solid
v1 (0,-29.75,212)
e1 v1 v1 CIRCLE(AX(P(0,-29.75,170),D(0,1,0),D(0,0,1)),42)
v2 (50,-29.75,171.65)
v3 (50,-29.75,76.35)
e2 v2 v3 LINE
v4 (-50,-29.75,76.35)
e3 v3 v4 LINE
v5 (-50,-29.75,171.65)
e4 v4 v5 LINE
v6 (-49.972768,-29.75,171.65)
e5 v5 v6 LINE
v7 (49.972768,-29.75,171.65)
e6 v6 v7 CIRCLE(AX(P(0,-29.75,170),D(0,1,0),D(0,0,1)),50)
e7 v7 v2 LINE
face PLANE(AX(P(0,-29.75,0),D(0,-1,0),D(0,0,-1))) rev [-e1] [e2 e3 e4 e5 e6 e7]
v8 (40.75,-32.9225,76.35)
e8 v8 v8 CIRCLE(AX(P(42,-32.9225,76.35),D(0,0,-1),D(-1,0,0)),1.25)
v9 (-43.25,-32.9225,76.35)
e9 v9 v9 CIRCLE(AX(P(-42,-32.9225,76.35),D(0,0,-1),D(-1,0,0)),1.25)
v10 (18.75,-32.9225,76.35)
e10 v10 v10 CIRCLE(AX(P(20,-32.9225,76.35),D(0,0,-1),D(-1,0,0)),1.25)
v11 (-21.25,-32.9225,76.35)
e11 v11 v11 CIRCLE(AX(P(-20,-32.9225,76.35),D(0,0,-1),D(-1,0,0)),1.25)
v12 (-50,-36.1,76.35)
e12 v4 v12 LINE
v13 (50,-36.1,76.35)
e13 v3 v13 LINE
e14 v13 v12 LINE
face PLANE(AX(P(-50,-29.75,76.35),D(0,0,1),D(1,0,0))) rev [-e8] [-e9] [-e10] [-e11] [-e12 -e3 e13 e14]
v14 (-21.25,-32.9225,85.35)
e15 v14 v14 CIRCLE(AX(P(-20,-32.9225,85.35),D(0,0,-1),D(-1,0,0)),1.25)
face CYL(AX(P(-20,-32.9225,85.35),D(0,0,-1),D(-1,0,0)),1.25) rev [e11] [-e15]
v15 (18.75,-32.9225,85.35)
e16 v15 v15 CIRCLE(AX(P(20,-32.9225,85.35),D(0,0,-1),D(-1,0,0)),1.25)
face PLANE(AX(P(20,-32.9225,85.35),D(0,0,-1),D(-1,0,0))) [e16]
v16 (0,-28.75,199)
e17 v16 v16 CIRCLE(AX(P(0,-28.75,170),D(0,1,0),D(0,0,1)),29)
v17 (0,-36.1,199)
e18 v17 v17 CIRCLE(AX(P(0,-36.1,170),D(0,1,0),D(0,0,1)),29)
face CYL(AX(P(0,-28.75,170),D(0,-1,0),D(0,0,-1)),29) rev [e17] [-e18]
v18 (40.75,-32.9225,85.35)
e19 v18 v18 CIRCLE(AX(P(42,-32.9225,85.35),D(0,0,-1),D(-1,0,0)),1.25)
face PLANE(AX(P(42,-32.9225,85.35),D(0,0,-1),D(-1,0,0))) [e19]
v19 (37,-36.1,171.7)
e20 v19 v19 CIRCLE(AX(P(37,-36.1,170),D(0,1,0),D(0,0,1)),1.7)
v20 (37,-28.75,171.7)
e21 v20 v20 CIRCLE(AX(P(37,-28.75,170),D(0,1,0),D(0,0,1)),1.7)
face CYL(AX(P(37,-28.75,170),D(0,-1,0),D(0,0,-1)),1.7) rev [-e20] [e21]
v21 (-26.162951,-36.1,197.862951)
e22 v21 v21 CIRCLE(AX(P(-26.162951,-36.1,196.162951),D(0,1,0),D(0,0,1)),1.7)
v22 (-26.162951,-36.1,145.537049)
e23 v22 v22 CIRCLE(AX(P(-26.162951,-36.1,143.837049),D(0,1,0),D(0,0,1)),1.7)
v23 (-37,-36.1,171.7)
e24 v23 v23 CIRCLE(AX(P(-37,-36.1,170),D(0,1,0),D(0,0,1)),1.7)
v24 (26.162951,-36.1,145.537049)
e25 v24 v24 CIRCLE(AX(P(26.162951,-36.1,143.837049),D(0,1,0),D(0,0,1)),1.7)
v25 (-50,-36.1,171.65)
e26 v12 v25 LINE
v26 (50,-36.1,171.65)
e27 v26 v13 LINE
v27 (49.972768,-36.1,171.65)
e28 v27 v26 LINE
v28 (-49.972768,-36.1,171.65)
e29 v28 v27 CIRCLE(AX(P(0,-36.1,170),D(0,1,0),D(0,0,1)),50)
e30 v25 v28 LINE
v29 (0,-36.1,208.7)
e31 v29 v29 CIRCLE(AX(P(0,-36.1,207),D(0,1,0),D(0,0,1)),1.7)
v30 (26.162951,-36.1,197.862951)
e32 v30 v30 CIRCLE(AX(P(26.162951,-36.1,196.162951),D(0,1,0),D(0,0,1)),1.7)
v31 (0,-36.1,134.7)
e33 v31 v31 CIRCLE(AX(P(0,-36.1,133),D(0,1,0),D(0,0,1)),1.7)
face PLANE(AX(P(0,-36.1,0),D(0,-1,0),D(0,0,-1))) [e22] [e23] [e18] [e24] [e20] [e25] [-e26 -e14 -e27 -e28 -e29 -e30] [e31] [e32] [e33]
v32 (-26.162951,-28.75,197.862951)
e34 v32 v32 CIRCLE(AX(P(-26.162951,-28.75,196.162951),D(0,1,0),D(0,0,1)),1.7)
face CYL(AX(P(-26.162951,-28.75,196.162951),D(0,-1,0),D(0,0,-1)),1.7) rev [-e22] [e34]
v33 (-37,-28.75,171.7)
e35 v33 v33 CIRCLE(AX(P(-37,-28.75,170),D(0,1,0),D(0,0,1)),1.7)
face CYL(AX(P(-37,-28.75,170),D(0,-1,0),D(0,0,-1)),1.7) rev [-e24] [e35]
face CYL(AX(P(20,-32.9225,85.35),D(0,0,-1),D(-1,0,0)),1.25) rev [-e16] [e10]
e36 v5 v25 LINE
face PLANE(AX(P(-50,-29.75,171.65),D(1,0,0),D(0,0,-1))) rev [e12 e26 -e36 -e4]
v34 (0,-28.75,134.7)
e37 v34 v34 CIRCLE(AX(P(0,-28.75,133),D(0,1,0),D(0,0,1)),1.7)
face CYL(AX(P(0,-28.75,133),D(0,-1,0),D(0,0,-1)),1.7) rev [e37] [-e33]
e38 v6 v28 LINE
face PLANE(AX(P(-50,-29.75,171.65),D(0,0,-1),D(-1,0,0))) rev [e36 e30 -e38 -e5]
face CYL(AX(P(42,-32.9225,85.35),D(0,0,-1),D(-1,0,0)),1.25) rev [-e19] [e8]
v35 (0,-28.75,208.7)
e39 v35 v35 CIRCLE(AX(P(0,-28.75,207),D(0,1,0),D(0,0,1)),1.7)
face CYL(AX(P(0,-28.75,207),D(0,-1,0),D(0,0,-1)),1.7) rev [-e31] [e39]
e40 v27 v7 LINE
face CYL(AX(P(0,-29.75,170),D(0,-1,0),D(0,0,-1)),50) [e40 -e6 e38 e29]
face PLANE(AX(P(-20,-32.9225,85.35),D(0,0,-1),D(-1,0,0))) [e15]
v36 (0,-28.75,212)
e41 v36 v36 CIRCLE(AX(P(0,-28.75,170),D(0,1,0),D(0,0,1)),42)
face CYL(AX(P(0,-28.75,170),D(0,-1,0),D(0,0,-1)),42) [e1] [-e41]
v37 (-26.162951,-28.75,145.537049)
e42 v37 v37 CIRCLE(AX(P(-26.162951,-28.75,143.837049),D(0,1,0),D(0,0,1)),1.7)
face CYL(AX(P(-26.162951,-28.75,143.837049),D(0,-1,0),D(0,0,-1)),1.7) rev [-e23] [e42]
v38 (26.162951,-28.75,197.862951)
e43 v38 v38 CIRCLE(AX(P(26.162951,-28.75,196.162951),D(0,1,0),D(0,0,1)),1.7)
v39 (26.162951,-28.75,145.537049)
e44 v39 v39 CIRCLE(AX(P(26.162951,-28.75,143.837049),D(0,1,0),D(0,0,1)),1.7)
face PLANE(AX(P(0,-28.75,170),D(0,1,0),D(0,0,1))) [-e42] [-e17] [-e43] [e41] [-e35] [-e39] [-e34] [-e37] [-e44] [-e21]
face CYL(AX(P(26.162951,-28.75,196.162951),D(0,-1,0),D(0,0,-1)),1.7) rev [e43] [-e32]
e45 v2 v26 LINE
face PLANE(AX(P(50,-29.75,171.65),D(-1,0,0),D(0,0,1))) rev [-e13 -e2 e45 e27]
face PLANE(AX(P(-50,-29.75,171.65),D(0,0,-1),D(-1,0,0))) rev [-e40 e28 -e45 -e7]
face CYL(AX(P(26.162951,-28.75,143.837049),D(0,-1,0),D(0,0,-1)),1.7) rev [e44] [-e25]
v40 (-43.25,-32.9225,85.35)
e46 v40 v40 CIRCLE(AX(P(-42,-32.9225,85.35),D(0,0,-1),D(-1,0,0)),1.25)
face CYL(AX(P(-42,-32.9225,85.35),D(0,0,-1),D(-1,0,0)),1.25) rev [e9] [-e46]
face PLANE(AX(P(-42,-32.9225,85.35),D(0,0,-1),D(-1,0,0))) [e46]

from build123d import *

# Parameters (mm, degrees)
PARED_START                  = -36.1
SK_PARED_W                   = 100
SK_PARED_H                   = 95.3
PARED_DEPTH                  = 6.35
CABEZA_START                 = -36.1
SK_CABEZA_R                  = 50
CABEZA_DEPTH                 = 6.35
ASIENTO_1MM_START            = -29.75
SK_ASIENTO_1MM_R             = 42
SK_ASIENTO_1MM_R_2           = 29
ASIENTO_1MM_DEPTH            = 1
PASO_BOSS_J2_START           = -36.1
SK_PASO_BOSS_J2_R            = 29
PASO_BOSS_J2_DEPTH           = 7.35
PASANTES_M3_ESTATOR_J2_START = -36.1
SK_PASANTES_M3_ESTATOR_J2_R  = 1.7
PASANTES_M3_ESTATOR_J2_DEPTH = 7.35
SK_ROSCA_M3_DESDE_ABAJO_R    = 1.25
ROSCA_M3_DESDE_ABAJO_DEPTH   = 9


with BuildPart() as part:
    # Sk_Pared → Pared (new body)
    with BuildSketch(Plane(origin=(0, 0, 0), x_dir=(1, 0, 0), z_dir=(0, 1, 0)).offset(PARED_START)):
        with Locations((0, -124)):
            Rectangle(SK_PARED_W, SK_PARED_H)
    extrude(amount=PARED_DEPTH)

    # Sk_Cabeza → Cabeza (add)
    with BuildSketch(Plane(origin=(0, 0, 0), x_dir=(1, 0, 0), z_dir=(0, 1, 0)).offset(CABEZA_START)):
        with Locations((0, -170)):
            Circle(SK_CABEZA_R)
    extrude(amount=CABEZA_DEPTH)

    # Sk_Asiento_1mm → Asiento_1mm (add)
    with BuildSketch(Plane(origin=(0, 0, 0), x_dir=(1, 0, 0), z_dir=(0, 1, 0)).offset(ASIENTO_1MM_START)):
        with Locations(Location((0, -170, 0), (0, 0, 270))):
            Circle(SK_ASIENTO_1MM_R)
        with Locations(Location((0, -170, 0), (0, 0, 270))):
            Circle(SK_ASIENTO_1MM_R_2, mode=Mode.SUBTRACT)
    extrude(amount=ASIENTO_1MM_DEPTH)

    # Sk_Paso_boss_J2 → Paso_boss_J2 (cut)
    with BuildSketch(Plane(origin=(0, 0, 0), x_dir=(1, 0, 0), z_dir=(0, 1, 0)).offset(PASO_BOSS_J2_START)):
        with Locations(Location((0, -170, 0), (0, 0, 270))):
            Circle(SK_PASO_BOSS_J2_R)
    extrude(amount=PASO_BOSS_J2_DEPTH, mode=Mode.SUBTRACT)

    # Sk_Pasantes_M3_estator_J2 → Pasantes_M3_estator_J2 (cut)
    with BuildSketch(Plane(origin=(0, 0, 0), x_dir=(1, 0, 0), z_dir=(0, 1, 0)).offset(PASANTES_M3_ESTATOR_J2_START)):
        with Locations(Location((37, -170, 0), (0, 0, 270))):
            Circle(SK_PASANTES_M3_ESTATOR_J2_R)
        with Locations(Location((26.162950904, -196.162950904, 0), (0, 0, 270))):
            Circle(SK_PASANTES_M3_ESTATOR_J2_R)
        with Locations(Location((0, -207, 0), (0, 0, 270))):
            Circle(SK_PASANTES_M3_ESTATOR_J2_R)
        with Locations(Location((-26.162950904, -196.162950904, 0), (0, 0, 270))):
            Circle(SK_PASANTES_M3_ESTATOR_J2_R)
        with Locations(Location((-37, -170, 0), (0, 0, 270))):
            Circle(SK_PASANTES_M3_ESTATOR_J2_R)
        with Locations(Location((-26.162950904, -143.837049096, 0), (0, 0, 270))):
            Circle(SK_PASANTES_M3_ESTATOR_J2_R)
        with Locations(Location((0, -133, 0), (0, 0, 270))):
            Circle(SK_PASANTES_M3_ESTATOR_J2_R)
        with Locations(Location((26.162950904, -143.837049096, 0), (0, 0, 270))):
            Circle(SK_PASANTES_M3_ESTATOR_J2_R)
    extrude(amount=PASANTES_M3_ESTATOR_J2_DEPTH, mode=Mode.SUBTRACT)

    # Sk_Rosca_M3_desde_abajo → Rosca_M3_desde_abajo (cut)
    with BuildSketch(Plane(origin=(0, 0, 76.35), x_dir=(-1, 0, 0), z_dir=(0, 0, -1))):
        with Locations((42, -32.9225)):
            Circle(SK_ROSCA_M3_DESDE_ABAJO_R)
        with Locations((20, -32.9225)):
            Circle(SK_ROSCA_M3_DESDE_ABAJO_R)
        with Locations((-20, -32.9225)):
            Circle(SK_ROSCA_M3_DESDE_ABAJO_R)
        with Locations((-42, -32.9225)):
            Circle(SK_ROSCA_M3_DESDE_ABAJO_R)
    extrude(amount=-ROSCA_M3_DESDE_ABAJO_DEPTH, mode=Mode.SUBTRACT)


solid = part.part
